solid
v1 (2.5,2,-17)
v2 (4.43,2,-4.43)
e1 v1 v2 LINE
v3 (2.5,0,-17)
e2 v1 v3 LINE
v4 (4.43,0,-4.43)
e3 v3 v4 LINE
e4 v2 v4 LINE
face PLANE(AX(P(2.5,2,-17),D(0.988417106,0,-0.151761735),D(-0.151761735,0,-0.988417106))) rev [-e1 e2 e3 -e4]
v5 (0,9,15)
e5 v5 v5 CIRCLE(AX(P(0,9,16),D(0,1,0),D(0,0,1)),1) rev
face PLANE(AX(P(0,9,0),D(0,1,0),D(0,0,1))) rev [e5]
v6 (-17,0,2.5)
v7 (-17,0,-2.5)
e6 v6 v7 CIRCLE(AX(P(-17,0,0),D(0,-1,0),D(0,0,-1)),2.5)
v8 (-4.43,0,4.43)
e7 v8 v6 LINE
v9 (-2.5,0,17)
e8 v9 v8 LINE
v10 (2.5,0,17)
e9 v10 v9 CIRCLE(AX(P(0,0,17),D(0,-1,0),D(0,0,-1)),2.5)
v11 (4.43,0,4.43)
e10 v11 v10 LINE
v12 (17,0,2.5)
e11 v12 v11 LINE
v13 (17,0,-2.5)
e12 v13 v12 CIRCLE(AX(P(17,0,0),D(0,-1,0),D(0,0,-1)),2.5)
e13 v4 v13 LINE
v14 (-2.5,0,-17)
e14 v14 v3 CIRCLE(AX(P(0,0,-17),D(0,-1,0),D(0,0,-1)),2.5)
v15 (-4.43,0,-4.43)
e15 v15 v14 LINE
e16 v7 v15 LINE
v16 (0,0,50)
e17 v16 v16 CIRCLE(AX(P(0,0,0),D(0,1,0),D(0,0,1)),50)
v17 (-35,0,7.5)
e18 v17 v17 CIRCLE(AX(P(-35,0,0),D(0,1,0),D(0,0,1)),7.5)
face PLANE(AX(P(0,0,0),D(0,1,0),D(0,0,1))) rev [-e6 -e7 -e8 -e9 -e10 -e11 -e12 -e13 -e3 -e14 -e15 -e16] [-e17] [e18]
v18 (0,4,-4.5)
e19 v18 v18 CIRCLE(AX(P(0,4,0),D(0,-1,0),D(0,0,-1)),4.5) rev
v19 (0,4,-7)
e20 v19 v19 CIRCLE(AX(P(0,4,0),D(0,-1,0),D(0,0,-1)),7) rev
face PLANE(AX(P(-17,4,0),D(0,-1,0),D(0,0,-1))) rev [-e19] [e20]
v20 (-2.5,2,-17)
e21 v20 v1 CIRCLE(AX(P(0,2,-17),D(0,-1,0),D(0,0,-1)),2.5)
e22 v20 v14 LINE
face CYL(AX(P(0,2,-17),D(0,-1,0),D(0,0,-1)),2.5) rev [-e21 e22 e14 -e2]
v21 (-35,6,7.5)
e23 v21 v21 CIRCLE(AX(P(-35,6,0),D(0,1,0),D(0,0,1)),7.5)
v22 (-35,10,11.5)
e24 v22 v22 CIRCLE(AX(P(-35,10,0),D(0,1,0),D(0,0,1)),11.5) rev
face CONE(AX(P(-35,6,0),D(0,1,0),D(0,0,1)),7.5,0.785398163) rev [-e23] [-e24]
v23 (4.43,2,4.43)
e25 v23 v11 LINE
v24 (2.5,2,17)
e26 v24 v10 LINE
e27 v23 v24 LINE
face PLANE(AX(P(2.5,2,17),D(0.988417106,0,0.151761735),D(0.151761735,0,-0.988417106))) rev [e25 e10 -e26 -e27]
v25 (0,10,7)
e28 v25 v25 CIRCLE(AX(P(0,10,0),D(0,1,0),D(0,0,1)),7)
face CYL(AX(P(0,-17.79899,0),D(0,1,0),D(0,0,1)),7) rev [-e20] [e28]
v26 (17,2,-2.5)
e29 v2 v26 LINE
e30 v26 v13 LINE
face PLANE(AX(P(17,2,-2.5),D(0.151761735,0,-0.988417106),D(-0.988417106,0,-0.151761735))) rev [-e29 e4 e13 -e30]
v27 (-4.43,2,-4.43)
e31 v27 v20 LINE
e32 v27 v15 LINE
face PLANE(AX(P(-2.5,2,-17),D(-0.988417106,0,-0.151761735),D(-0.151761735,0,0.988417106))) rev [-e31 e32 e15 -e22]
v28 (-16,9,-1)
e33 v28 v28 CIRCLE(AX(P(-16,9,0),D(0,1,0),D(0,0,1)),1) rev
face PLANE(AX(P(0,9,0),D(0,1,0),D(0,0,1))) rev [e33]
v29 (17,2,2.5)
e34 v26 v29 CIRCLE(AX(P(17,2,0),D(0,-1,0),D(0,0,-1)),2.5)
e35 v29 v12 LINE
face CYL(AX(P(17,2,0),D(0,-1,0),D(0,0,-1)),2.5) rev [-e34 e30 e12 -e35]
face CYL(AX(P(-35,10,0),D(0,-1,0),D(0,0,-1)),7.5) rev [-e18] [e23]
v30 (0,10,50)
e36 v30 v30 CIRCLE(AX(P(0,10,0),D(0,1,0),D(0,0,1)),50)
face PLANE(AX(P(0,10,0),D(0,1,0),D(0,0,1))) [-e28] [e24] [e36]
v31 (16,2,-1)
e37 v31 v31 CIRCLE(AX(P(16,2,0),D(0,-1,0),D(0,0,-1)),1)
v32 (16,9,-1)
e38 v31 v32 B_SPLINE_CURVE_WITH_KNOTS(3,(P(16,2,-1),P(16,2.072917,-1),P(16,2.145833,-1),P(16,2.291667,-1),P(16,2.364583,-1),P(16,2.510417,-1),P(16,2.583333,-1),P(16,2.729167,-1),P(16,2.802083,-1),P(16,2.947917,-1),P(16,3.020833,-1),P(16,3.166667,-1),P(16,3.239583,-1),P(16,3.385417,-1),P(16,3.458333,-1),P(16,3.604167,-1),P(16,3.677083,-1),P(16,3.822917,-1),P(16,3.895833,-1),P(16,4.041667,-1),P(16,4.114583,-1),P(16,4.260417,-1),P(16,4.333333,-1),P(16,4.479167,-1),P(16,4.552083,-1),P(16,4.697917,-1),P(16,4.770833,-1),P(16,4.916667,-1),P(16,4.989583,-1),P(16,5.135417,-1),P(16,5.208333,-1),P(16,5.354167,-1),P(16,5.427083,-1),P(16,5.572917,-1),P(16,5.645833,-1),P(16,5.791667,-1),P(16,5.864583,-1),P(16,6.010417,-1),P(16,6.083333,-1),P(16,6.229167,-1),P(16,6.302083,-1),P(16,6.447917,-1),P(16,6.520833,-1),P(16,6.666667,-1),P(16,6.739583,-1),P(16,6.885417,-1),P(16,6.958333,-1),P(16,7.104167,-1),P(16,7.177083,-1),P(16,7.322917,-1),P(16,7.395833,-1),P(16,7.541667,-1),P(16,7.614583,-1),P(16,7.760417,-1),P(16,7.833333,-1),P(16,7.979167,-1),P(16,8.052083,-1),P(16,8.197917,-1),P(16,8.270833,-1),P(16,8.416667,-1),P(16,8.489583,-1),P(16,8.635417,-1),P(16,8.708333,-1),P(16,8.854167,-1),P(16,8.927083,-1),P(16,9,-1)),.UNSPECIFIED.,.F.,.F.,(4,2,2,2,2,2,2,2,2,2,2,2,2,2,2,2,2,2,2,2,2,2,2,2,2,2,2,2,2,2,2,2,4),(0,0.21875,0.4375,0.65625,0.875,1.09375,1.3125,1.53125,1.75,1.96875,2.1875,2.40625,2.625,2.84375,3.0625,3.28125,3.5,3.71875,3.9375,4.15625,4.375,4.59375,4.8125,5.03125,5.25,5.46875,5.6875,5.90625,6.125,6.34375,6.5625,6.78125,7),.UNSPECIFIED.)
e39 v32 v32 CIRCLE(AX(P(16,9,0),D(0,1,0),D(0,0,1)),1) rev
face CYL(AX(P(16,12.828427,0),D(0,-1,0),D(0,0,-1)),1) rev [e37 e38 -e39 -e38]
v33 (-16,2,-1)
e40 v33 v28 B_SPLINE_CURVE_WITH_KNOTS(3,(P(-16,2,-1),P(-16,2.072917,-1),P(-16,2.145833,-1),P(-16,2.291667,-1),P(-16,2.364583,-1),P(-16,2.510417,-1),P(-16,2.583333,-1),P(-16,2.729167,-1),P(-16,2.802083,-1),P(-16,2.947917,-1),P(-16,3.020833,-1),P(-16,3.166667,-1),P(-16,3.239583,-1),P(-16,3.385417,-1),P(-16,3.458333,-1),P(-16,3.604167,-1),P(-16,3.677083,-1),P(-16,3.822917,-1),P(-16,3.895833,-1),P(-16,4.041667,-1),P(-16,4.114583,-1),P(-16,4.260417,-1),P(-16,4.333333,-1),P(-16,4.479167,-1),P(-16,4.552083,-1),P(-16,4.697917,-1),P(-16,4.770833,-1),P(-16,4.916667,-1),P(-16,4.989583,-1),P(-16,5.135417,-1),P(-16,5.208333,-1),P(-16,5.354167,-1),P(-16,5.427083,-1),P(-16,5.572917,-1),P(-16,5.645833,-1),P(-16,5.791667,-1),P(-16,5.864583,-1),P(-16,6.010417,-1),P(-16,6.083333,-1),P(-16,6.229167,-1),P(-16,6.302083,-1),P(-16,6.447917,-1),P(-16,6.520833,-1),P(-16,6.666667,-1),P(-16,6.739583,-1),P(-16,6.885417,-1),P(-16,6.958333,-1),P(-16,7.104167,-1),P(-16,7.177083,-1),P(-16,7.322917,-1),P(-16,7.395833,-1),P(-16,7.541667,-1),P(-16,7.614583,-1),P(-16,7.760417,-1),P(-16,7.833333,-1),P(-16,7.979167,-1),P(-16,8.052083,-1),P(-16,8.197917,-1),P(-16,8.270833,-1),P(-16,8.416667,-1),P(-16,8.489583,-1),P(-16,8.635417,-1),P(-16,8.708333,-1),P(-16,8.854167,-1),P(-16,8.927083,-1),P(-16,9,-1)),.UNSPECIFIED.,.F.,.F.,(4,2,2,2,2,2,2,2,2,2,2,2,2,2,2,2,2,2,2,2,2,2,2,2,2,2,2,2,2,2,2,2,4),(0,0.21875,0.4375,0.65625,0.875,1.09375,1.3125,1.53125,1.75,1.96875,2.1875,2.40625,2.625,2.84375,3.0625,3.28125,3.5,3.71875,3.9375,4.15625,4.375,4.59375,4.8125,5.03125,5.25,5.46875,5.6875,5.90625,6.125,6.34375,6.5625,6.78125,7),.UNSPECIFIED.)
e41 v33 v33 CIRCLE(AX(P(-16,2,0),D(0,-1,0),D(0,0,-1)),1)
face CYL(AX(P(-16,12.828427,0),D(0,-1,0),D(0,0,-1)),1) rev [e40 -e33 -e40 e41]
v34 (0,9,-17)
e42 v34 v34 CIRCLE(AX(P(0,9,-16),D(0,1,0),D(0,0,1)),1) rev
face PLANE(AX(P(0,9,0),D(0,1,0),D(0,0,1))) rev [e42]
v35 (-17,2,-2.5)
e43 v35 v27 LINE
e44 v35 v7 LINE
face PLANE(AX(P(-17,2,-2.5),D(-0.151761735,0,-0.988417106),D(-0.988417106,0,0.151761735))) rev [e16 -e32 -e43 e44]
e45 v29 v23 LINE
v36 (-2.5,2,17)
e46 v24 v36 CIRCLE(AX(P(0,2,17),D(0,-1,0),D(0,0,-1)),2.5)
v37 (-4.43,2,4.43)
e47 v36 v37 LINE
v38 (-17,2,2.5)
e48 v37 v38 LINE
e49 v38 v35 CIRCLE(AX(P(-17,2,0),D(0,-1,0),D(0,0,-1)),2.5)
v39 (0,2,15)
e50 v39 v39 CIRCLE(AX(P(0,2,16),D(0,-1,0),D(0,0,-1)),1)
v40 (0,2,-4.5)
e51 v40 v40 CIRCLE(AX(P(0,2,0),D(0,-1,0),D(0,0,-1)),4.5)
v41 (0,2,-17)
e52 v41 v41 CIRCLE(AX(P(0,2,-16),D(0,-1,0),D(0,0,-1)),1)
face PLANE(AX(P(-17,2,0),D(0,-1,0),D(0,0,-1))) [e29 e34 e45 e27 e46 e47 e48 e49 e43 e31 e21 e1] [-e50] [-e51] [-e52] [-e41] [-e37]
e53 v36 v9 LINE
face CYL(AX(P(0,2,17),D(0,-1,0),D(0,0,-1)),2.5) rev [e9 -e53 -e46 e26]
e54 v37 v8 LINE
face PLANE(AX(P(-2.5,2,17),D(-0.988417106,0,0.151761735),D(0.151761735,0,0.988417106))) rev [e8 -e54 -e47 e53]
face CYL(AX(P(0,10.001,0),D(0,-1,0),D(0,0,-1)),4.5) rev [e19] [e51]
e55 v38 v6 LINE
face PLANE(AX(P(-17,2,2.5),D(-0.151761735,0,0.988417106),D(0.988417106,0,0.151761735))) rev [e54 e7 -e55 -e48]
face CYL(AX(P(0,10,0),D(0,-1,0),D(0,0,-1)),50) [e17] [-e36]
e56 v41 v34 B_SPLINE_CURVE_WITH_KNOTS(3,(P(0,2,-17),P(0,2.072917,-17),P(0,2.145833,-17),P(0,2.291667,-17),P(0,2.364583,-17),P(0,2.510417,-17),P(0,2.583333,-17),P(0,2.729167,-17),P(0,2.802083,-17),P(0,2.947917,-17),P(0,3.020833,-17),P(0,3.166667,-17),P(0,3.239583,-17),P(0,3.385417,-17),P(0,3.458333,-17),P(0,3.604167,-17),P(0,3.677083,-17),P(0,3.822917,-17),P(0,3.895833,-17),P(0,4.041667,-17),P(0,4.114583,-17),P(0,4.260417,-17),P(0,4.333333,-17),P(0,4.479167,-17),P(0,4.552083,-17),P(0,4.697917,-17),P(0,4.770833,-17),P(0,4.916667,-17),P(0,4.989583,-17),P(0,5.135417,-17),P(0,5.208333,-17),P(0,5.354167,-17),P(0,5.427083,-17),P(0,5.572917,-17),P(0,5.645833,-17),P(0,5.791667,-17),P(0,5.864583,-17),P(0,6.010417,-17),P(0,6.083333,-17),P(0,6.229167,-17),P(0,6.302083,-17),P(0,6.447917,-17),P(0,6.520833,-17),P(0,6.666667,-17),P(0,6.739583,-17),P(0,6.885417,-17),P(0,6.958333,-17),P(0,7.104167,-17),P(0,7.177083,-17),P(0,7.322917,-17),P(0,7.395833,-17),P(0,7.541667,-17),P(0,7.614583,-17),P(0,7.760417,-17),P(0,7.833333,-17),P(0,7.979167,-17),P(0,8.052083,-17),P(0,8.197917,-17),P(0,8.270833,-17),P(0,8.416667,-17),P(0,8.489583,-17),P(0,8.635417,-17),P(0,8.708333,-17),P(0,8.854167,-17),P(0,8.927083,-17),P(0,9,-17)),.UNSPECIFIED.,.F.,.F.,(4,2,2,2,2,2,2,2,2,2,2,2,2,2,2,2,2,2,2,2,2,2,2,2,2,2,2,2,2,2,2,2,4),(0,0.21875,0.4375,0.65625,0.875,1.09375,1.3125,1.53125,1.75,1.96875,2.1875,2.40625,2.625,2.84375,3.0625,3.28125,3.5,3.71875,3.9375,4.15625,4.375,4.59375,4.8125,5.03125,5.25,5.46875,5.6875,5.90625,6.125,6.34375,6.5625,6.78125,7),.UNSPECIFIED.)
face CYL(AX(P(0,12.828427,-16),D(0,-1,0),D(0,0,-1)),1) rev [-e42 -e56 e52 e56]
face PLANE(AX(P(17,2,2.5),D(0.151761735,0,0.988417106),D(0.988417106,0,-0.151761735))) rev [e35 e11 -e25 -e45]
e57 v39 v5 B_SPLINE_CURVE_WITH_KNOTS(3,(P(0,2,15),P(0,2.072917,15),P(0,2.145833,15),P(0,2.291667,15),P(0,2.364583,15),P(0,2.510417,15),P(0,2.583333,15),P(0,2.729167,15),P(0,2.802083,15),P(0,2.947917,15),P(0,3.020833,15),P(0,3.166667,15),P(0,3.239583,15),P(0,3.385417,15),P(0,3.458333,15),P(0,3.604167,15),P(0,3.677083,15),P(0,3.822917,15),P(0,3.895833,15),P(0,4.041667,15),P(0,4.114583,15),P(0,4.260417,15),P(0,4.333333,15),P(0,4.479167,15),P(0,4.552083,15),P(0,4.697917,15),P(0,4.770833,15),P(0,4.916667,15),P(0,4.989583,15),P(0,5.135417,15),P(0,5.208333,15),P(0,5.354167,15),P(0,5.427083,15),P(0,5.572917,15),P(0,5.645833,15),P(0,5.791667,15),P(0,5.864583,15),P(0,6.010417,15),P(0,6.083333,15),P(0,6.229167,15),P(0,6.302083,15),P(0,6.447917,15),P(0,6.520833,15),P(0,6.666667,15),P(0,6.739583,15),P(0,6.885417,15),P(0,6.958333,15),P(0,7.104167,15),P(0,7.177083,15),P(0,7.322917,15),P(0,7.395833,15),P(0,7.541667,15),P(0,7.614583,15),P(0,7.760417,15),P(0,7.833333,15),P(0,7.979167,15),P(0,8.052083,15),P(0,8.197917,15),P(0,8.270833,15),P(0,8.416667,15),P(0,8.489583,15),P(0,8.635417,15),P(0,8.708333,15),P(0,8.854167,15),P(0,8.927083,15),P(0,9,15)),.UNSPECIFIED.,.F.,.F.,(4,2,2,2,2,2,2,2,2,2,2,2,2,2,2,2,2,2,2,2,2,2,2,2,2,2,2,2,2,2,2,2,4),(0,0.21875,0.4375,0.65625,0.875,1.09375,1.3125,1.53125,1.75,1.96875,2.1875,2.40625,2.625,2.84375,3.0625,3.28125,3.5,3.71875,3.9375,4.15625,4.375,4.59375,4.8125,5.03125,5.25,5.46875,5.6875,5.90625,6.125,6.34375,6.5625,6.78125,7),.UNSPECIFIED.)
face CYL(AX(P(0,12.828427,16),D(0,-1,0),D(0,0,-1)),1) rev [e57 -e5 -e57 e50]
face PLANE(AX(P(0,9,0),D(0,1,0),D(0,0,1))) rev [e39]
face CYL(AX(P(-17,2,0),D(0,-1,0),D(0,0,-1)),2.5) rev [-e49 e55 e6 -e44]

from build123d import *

# Parameters (mm, degrees)
SKETCH1_R           = 50
SKETCH1_R_2         = 7.5
BOSS_EXTRUDE1_DEPTH = 10
CHAMFER1_SIZE       = 4
CUT_EXTRUDE1_DEPTH  = 2
CUT_EXTRUDE2_REACH  = 73.162
SKETCH3_R           = 4.5
SKETCH4_R           = 1
CUT_EXTRUDE3_DEPTH  = 7
SKETCH7_R           = 7
CUT_EXTRUDE4_DEPTH  = 6


with BuildPart() as part:
    # Sketch1 → Boss-Extrude1 (new body)
    with BuildSketch(Plane(origin=(0, 0, 0), x_dir=(1, 0, 0), z_dir=(0, 1, 0))):
        with Locations(Location((0, 0, 0), (0, 0, 270))):
            Circle(SKETCH1_R)
        with Locations(Location((-35, 0, 0), (0, 0, 270))):
            Circle(SKETCH1_R_2, mode=Mode.SUBTRACT)
    extrude(amount=BOSS_EXTRUDE1_DEPTH)

    # Chamfer1
    chamfer1_edges = [part.edges().sort_by_distance(p)[0] for p in [
        (-35, 10, -7.5),
    ]]
    chamfer(chamfer1_edges, length=CHAMFER1_SIZE)

    # Sketch2 → Cut-Extrude1 (cut)
    with BuildSketch(Plane.XZ):
        with BuildLine():
            Line((-17, -2.5), (-4.43, -4.43))
            Line((-4.43, -4.43), (-2.5, -17))
            ThreePointArc((-2.5, -17), (0, -19.5), (2.5, -17))
            Line((2.5, -17), (4.43, -4.43))
            Line((4.43, -4.43), (17, -2.5))
            ThreePointArc((17, -2.5), (19.5, 0), (17, 2.5))
            Line((17, 2.5), (4.43, 4.43))
            Line((4.43, 4.43), (2.5, 17))
            ThreePointArc((2.5, 17), (0, 19.5), (-2.5, 17))
            Line((-2.5, 17), (-4.43, 4.43))
            Line((-4.43, 4.43), (-17, 2.5))
            ThreePointArc((-17, 2.5), (-19.5, 0), (-17, -2.5))
        make_face()
    extrude(amount=-CUT_EXTRUDE1_DEPTH, mode=Mode.SUBTRACT)

    # Sketch3 → Cut-Extrude2 (cut, up to next)
    with BuildSketch(Plane.XZ.offset(-2), mode=Mode.PRIVATE) as cut_extrude2_sk1:
        with Locations(Location((0, 0, 0), (0, 0, 270))):
            Circle(SKETCH3_R)
    cut_extrude2_tool1 = extrude(cut_extrude2_sk1.sketch, amount=-CUT_EXTRUDE2_REACH, mode=Mode.PRIVATE) & part.part
    add(cut_extrude2_tool1.solids().sort_by_distance((0, 2, 0))[0], mode=Mode.SUBTRACT)

    # Sketch4 → Cut-Extrude3 (cut)
    with BuildSketch(Plane.XZ.offset(-2)):
        with Locations(Location((-16, 0, 0), (0, 0, 270))):
            Circle(SKETCH4_R)
        with Locations(Location((0, 16, 0), (0, 0, 270))):
            Circle(SKETCH4_R)
        with Locations(Location((16, 0, 0), (0, 0, 270))):
            Circle(SKETCH4_R)
        with Locations(Location((0, -16, 0), (0, 0, 270))):
            Circle(SKETCH4_R)
    extrude(amount=-CUT_EXTRUDE3_DEPTH, mode=Mode.SUBTRACT)

    # Sketch7 → Cut-Extrude4 (cut)
    with BuildSketch(Plane(origin=(0, 10, 0), x_dir=(1, 0, 0), z_dir=(0, 1, 0))):
        with Locations(Location((0, 0, 0), (0, 0, 270))):
            Circle(SKETCH7_R)
    extrude(amount=-CUT_EXTRUDE4_DEPTH, mode=Mode.SUBTRACT)


solid = part.part
